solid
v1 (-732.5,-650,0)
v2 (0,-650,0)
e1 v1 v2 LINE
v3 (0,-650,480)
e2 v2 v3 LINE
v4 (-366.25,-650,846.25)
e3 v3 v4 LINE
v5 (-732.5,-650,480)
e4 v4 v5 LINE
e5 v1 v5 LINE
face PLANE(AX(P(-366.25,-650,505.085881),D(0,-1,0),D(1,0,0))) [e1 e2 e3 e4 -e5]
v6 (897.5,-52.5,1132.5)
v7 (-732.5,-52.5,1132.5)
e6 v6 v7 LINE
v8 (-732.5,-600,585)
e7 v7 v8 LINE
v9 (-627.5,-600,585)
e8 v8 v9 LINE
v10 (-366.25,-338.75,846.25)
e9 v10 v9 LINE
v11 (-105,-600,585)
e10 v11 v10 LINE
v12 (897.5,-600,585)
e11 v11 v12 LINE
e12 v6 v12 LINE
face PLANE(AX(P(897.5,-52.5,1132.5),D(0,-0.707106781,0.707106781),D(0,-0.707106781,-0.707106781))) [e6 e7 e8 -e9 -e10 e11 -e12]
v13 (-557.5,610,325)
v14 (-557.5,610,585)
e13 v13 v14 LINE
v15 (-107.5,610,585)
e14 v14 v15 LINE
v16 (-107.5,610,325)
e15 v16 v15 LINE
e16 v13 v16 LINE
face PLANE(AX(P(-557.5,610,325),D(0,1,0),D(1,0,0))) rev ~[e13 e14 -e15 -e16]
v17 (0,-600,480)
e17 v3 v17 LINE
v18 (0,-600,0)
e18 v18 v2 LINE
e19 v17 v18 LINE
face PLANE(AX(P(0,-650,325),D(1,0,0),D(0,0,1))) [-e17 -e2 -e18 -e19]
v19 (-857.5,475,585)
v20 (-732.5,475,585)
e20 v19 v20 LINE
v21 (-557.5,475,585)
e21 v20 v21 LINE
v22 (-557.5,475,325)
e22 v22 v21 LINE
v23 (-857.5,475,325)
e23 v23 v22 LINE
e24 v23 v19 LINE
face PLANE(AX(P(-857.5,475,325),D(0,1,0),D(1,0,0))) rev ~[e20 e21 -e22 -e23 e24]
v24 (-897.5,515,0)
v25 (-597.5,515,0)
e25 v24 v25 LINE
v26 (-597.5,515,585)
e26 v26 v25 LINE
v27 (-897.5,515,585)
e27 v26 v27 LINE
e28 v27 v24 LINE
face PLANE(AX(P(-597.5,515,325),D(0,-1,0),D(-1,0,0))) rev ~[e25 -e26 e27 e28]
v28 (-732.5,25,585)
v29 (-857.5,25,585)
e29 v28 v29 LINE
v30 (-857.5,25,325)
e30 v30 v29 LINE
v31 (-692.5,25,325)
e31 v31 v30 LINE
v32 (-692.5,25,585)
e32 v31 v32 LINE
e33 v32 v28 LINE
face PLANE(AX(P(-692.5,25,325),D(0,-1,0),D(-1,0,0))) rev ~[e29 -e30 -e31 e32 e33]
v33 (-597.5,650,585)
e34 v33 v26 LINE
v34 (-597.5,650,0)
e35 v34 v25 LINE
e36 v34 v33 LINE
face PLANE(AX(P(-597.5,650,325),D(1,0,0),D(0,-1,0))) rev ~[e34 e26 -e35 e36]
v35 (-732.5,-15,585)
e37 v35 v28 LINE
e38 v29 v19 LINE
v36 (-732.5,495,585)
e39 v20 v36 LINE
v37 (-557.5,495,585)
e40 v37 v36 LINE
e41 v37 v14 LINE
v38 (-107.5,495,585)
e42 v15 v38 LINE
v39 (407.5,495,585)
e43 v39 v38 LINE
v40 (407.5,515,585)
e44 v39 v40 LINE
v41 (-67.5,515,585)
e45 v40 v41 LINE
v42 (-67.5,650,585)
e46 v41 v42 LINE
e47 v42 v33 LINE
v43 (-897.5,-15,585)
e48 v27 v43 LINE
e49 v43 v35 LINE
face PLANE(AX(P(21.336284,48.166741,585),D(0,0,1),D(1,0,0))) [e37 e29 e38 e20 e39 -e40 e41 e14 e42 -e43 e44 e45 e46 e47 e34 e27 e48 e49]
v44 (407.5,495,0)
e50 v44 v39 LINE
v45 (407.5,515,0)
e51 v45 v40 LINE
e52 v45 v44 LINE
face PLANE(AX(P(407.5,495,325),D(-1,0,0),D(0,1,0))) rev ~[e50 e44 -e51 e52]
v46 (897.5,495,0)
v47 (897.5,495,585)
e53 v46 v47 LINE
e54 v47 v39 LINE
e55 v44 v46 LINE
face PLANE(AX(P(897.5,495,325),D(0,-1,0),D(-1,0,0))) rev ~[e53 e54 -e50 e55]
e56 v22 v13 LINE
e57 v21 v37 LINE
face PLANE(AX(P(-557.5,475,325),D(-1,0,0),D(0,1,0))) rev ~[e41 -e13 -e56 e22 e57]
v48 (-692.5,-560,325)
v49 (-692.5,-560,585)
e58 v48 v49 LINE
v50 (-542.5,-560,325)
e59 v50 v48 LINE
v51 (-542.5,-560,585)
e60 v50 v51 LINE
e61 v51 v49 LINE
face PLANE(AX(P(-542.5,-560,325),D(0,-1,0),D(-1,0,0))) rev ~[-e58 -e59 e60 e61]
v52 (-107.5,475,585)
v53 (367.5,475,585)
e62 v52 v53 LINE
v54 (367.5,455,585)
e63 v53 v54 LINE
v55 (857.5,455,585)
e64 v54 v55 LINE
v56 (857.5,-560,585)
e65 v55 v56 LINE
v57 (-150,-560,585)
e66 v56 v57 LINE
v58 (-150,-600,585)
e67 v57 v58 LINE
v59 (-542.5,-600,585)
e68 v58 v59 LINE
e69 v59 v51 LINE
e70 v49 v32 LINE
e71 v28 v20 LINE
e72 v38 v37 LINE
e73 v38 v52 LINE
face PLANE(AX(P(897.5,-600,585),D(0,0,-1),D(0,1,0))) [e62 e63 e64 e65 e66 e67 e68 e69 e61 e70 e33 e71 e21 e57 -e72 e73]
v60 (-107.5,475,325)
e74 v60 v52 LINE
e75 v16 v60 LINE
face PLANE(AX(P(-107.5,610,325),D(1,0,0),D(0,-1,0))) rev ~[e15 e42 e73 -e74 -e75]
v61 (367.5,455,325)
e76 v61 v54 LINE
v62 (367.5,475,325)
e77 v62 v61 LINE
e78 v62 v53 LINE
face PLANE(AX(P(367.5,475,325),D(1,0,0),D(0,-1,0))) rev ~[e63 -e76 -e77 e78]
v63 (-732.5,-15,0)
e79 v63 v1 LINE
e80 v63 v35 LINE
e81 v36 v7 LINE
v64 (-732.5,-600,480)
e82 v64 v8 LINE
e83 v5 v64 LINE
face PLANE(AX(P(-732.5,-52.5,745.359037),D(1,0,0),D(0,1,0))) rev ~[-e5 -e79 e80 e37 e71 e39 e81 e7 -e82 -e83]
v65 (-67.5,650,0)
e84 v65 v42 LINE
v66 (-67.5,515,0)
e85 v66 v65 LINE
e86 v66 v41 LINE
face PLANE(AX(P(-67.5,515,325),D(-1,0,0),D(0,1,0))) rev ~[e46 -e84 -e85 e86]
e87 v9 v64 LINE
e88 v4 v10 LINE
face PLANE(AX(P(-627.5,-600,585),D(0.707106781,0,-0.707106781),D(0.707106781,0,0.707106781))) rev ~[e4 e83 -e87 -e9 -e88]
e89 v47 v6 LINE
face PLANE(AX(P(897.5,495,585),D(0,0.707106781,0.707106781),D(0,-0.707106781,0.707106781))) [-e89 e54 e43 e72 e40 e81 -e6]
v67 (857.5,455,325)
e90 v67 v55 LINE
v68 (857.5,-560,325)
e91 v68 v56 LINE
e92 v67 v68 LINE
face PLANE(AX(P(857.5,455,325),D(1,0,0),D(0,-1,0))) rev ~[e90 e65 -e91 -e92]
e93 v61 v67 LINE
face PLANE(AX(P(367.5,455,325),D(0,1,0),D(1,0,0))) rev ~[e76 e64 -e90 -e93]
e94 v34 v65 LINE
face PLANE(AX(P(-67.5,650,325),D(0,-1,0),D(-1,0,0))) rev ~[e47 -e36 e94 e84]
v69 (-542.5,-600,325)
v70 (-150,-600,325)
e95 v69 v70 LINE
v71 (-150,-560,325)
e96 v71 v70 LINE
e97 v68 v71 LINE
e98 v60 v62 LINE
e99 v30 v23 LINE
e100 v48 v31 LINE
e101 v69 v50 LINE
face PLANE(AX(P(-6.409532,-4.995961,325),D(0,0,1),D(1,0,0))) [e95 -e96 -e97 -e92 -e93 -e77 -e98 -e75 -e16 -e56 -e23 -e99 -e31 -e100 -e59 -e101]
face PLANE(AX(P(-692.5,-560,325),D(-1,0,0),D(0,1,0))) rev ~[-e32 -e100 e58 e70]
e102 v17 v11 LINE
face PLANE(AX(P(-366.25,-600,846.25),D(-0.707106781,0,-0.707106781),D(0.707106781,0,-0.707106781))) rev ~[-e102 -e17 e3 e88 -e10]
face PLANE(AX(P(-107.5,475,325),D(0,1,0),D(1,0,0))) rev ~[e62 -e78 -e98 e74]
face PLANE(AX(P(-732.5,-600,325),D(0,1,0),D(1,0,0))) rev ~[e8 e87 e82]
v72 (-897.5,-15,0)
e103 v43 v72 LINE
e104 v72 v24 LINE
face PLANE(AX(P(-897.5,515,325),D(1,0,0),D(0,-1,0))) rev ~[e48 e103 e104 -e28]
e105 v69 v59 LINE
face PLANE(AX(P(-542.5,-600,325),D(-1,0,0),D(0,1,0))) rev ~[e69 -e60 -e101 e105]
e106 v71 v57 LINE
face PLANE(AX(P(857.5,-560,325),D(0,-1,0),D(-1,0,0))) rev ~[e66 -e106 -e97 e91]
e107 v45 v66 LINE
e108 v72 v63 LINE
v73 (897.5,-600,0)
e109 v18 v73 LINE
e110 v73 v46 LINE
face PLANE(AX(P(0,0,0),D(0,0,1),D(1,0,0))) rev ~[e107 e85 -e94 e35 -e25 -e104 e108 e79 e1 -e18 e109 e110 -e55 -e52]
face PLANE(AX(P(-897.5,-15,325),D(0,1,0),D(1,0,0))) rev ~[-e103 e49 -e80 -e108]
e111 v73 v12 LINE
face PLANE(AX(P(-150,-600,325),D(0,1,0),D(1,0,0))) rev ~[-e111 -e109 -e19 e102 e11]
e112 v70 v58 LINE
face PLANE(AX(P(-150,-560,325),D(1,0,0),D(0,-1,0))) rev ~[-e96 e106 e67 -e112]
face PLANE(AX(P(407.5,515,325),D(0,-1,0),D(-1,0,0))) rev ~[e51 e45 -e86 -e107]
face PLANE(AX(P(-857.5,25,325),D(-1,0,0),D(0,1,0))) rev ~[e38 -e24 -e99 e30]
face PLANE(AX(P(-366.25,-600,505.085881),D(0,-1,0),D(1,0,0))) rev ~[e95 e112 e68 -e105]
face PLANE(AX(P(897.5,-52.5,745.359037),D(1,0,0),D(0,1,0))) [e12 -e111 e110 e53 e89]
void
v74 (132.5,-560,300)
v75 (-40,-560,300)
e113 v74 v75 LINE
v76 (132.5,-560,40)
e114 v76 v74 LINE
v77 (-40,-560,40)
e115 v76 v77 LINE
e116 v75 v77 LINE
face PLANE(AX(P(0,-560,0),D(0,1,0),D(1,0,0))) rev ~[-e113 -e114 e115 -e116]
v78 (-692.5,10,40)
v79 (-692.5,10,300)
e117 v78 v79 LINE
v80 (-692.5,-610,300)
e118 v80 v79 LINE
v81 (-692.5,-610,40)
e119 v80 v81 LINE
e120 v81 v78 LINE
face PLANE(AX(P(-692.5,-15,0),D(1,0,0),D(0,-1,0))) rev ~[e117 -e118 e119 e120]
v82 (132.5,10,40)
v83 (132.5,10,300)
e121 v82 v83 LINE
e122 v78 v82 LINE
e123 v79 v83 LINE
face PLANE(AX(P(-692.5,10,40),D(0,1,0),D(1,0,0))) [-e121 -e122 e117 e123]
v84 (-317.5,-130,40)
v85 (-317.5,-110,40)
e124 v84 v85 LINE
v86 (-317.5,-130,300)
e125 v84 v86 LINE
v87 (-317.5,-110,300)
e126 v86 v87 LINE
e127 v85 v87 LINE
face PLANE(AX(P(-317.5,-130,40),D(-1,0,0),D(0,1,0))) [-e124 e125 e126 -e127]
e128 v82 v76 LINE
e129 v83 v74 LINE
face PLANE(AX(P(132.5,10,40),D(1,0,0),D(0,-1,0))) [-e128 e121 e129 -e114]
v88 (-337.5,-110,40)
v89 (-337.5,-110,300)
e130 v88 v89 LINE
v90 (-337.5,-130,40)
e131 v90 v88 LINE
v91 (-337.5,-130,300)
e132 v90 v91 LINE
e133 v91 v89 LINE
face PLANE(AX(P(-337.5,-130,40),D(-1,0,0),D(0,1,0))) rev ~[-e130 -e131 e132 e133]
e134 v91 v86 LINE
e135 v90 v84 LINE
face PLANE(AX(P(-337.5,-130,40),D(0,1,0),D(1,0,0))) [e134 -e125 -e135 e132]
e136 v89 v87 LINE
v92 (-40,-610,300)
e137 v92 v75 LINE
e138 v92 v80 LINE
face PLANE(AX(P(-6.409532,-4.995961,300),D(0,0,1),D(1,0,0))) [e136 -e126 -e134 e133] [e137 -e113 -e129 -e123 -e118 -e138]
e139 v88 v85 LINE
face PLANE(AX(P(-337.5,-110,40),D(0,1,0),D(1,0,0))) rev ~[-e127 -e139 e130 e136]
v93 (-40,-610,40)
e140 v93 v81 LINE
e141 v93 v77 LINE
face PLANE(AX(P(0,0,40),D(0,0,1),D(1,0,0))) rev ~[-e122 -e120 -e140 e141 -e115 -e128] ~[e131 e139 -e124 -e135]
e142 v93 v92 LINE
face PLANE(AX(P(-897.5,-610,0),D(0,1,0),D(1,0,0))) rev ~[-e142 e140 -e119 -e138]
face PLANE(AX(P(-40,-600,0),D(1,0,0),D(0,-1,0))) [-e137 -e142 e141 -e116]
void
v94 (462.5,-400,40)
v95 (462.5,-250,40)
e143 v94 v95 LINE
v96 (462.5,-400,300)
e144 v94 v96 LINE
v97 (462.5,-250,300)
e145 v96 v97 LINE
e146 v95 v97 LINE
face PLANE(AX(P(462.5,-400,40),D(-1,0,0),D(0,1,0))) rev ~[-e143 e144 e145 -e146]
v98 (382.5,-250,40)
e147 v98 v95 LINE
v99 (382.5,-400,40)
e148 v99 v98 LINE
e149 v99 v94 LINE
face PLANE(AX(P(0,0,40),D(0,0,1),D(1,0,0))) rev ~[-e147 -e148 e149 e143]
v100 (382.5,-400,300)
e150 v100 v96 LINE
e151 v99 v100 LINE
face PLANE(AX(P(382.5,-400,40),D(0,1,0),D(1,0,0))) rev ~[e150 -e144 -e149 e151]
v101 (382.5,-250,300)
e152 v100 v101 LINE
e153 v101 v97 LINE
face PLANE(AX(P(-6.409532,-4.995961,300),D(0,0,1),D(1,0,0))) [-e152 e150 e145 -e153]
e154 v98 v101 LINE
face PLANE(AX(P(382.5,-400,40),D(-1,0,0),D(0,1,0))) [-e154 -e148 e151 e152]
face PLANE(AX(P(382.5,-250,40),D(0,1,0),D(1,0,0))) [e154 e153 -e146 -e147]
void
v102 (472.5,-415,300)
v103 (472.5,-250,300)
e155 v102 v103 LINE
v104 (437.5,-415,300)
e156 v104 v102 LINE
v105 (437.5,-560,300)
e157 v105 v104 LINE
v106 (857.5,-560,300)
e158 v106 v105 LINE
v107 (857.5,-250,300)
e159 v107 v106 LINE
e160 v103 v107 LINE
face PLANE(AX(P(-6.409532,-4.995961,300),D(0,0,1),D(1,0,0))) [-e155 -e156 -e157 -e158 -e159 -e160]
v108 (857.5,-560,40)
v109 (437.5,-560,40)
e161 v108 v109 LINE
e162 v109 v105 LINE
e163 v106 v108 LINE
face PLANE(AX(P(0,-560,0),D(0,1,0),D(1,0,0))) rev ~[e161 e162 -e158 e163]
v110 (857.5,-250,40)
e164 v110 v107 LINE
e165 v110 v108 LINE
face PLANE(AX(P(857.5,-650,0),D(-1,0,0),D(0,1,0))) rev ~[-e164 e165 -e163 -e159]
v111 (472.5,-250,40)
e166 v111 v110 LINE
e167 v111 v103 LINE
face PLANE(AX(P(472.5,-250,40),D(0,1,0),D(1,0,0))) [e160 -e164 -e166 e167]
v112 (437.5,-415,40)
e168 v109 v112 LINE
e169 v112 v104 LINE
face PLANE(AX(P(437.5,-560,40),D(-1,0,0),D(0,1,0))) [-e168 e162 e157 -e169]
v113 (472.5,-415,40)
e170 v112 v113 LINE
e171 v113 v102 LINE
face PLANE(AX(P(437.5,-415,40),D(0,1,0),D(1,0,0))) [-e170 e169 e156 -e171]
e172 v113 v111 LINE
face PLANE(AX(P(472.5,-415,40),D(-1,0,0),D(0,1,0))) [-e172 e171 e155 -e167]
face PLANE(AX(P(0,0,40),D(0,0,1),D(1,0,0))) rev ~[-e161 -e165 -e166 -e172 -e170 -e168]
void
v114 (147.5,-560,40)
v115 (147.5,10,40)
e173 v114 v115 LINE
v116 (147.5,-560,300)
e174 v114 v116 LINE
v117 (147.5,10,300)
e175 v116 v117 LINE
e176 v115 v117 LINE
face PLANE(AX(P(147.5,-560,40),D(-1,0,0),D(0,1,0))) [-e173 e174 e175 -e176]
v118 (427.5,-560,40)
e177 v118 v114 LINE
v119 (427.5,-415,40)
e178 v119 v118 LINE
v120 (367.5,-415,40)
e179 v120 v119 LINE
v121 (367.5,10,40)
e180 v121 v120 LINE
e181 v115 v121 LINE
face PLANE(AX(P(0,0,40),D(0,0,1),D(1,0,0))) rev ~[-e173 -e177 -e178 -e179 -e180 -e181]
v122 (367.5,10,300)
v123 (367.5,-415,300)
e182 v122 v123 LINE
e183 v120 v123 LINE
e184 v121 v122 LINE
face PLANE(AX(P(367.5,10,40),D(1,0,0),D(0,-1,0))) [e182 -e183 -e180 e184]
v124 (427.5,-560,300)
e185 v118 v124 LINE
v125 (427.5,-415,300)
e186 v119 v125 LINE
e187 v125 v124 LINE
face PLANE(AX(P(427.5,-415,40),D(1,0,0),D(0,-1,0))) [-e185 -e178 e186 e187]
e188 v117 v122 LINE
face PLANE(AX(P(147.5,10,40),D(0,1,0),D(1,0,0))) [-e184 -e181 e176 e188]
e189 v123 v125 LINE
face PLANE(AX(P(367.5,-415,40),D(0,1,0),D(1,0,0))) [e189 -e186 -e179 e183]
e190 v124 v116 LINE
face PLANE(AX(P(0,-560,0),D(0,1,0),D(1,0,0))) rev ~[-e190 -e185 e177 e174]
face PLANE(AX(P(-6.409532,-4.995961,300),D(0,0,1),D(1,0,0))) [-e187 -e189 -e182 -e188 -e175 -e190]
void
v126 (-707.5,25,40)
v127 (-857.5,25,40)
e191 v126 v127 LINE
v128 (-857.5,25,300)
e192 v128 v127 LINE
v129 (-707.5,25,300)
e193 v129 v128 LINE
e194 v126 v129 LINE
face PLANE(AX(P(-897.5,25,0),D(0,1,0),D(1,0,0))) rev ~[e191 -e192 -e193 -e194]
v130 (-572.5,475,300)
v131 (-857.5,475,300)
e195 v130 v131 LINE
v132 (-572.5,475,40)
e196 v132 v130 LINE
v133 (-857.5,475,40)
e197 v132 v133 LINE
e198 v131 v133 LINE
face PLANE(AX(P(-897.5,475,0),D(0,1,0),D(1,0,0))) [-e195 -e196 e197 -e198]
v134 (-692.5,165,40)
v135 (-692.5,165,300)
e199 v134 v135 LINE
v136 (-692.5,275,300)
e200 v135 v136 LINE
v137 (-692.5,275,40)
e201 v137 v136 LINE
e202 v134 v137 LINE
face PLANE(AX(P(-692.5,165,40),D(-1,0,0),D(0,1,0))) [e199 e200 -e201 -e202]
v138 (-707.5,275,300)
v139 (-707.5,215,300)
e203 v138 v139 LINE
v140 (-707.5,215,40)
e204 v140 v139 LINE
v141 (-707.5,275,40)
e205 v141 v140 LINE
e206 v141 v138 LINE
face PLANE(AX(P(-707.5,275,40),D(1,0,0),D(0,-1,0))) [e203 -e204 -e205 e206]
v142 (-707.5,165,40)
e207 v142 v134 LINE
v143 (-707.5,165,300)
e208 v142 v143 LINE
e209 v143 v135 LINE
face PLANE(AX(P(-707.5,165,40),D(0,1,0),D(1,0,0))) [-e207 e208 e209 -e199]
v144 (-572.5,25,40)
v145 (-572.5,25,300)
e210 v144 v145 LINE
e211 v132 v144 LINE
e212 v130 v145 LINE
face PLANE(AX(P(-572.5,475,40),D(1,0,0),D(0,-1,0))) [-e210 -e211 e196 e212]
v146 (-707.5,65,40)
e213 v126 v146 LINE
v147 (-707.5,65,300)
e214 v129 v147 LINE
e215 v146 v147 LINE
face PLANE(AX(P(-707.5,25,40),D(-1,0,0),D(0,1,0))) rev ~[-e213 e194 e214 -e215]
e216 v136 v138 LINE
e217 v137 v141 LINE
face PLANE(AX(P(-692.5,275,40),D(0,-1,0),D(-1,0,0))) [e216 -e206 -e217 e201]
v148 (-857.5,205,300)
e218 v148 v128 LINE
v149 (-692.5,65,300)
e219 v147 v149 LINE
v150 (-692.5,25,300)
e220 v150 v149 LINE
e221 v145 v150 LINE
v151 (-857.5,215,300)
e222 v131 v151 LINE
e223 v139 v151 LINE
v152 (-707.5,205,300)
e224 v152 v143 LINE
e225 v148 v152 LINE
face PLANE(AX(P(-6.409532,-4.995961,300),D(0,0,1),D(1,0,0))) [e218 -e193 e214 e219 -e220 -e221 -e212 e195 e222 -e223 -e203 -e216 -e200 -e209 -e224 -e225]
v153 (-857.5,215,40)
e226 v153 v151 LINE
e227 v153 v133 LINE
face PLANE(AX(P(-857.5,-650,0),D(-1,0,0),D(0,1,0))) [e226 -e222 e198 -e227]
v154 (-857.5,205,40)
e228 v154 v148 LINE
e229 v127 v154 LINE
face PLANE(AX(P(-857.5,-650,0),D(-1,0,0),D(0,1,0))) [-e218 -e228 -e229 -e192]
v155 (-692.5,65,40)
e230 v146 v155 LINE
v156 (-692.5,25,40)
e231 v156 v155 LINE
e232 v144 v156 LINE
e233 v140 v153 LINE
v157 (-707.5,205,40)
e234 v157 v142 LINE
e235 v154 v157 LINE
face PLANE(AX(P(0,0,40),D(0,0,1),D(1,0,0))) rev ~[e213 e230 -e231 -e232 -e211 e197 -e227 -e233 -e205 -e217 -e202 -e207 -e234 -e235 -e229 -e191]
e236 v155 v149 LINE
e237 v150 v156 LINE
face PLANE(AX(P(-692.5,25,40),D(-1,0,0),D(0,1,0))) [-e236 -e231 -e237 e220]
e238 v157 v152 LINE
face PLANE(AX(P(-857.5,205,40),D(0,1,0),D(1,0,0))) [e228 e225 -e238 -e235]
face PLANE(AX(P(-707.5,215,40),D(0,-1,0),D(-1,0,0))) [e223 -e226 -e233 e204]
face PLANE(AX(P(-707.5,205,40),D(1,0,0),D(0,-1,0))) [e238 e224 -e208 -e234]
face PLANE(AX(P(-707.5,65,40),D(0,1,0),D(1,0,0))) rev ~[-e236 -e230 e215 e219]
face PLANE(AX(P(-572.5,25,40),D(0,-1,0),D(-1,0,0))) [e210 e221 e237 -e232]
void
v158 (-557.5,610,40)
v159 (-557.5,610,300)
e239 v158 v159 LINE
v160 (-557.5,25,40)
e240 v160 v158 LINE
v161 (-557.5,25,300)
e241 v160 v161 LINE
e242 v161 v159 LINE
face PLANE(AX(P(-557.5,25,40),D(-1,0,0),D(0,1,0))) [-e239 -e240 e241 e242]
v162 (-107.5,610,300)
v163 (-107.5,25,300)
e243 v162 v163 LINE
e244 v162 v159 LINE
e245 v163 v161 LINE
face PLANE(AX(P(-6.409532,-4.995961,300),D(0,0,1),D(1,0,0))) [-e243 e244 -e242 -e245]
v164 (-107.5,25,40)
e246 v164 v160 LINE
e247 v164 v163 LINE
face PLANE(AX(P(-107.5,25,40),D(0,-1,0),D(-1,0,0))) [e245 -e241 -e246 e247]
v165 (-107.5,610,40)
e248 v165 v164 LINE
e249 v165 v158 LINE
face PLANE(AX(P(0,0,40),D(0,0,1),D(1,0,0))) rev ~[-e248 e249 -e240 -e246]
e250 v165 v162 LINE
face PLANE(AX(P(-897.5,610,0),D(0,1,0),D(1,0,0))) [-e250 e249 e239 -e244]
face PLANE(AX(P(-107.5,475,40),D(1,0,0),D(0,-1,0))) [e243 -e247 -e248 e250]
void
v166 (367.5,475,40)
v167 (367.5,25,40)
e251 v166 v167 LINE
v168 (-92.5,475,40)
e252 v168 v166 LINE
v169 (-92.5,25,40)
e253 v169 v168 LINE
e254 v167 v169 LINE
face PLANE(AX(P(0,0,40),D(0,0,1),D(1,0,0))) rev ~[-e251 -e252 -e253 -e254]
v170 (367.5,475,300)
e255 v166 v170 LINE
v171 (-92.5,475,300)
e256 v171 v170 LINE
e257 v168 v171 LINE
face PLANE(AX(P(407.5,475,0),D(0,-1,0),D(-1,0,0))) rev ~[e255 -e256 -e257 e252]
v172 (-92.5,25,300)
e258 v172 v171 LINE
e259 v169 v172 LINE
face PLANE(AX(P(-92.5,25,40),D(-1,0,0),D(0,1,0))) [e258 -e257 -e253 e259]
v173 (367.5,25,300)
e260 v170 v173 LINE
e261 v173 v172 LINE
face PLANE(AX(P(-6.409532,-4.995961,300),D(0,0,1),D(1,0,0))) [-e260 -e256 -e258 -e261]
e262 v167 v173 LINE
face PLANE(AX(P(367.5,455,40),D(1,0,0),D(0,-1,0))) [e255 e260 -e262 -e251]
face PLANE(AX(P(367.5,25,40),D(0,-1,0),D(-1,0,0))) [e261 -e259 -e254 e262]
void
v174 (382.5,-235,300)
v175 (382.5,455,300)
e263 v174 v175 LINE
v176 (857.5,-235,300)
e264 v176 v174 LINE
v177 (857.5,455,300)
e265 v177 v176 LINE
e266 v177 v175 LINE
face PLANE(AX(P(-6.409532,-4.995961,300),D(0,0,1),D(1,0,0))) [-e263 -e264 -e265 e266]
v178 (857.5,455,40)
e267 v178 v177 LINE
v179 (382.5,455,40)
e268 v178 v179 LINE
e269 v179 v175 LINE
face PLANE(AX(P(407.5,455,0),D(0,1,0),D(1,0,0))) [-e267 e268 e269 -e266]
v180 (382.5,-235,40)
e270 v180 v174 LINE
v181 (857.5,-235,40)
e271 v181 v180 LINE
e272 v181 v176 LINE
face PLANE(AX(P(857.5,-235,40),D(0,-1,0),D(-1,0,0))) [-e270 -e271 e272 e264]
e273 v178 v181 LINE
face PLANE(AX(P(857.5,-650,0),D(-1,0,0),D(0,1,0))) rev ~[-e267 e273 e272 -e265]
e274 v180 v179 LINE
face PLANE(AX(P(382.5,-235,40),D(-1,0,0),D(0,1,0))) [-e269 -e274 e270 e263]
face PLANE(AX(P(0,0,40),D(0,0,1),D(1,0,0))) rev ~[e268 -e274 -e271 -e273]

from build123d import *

# Parameters (mm, degrees)
F0_W      = 1795
F0_H      = 1300
F1_DEPTH  = 300
F2_W      = 165
F2_H      = 635
F2_W_2    = 300
F2_H_2    = 135
F2_W_3    = 897.5
F2_H_3    = 50
F2_W_4    = 490
F2_H_4    = 20
F3_DEPTH  = 300
F4_T      = -40
F5_W      = 80
F5_H      = 150
F5_W_2    = 15
F5_H_2    = 40
F5_W_3    = 20
F5_H_3    = 20
F6_DEPTH  = 260
F8_DEPTH  = 25
F10_DEPTH = 50
F12_DEPTH = 260
F14_DEPTH = 400
F16_DEPTH = 1630


with BuildPart() as f1:
    # F0 (on Top) → F1 (new body)
    with BuildSketch(Plane.XY):
        Rectangle(F0_W, F0_H)
    extrude(amount=F1_DEPTH)

    # F2 (on face) → F3 (cut)
    with BuildSketch(Plane(origin=(0, 0, 0), x_dir=(1, 0, 0), z_dir=(0, 0, -1))):
        with Locations((-815, 332.5)):
            Rectangle(F2_W, F2_H)
        with Locations((-747.5, -582.5)):
            Rectangle(F2_W_2, F2_H_2)
        with Locations((448.75, 625)):
            Rectangle(F2_W_3, F2_H_3)
        Polygon((-67.5, -650), (897.5, -650), (897.5, -515), (407.5, -515), (-67.5, -515), align=None)
        with Locations((652.5, -505)):
            Rectangle(F2_W_4, F2_H_4)
    extrude(amount=-F3_DEPTH, mode=Mode.SUBTRACT)

    # F4
    f4_openings = [f1.faces().sort_by_distance(p)[0] for p in [
        (17.505881, -20.736482, 300),
    ]]
    offset(amount=F4_T, openings=f4_openings, kind=Kind.INTERSECTION)

    # F5 (on face) → F6 (join)
    with BuildSketch(Plane.XY.offset(40)):
        Polygon((132.5, 10), (132.5, -560), (147.5, -560), (147.5, 10), (367.5, 10), (367.5, -415), (427.5, -415), (427.5, -560), (437.5, -560), (437.5, -415), (472.5, -415), (472.5, -250), (857.5, -250), (857.5, -235), (382.5, -235), (382.5, 455), (367.5, 455), (367.5, 25), (-92.5, 25), (-92.5, 475), (-107.5, 475), (-107.5, 25), (-557.5, 25), (-557.5, 475), (-572.5, 475), (-572.5, 25), (-692.5, 25), (-692.5, 10), align=None)
        with Locations((422.5, -325)):
            Rectangle(F5_W, F5_H, mode=Mode.SUBTRACT)
        with Locations((-700, 45)):
            Rectangle(F5_W_2, F5_H_2)
        Polygon((-857.5, 215), (-857.5, 205), (-707.5, 205), (-707.5, 165), (-692.5, 165), (-692.5, 205), (-692.5, 215), (-692.5, 275), (-707.5, 275), (-707.5, 215), align=None)
        with Locations((-327.5, -120)):
            Rectangle(F5_W_3, F5_H_3)
    extrude(amount=F6_DEPTH)

    # F7 (on face) → F8 (join)
    with BuildSketch(Plane.XY.offset(300)):
        Polygon((-897.5, -15), (-732.5, -15), (-732.5, -650), (0, -650), (0, -600), (897.5, -600), (897.5, 495), (407.5, 495), (407.5, 515), (-67.5, 515), (-67.5, 650), (-597.5, 650), (-597.5, 515), (-897.5, 515), align=None)
    extrude(amount=F8_DEPTH)

    # F9 (on face) → F10 (join)
    with BuildSketch(Plane.XZ.offset(650)):
        Polygon((-732.5, 480), (-732.5, 325), (0, 325), (0, 480), (-366.25, 846.25), align=None)
    extrude(amount=-F10_DEPTH)

    # F11 (on face) → F12 (join)
    with BuildSketch(Plane.XY.offset(325)):
        Polygon((-897.5, -15), (-732.5, -15), (-732.5, -600), (-692.5, -600), (-542.5, -600), (-542.5, -560), (-692.5, -560), (-692.5, 25), (-857.5, 25), (-857.5, 475), (-557.5, 475), (-557.5, 610), (-107.5, 610), (-107.5, 475), (367.5, 475), (367.5, 455), (857.5, 455), (857.5, -560), (-150, -560), (-150, -600), (0, -600), (897.5, -600), (897.5, 495), (407.5, 495), (407.5, 515), (-67.5, 515), (-67.5, 650), (-597.5, 650), (-597.5, 515), (-897.5, 515), align=None)
    extrude(amount=F12_DEPTH)

    # F13 (on face) → F14 (join)
    with BuildSketch(Plane(origin=(0, -600, 0), x_dir=(-1, 0, 0), z_dir=(0, 1, 0))):
        Polygon((627.5, 585), (366.25, 846.25), (105, 585), align=None)
    extrude(amount=F14_DEPTH)

    # F15 (on face) → F16 (join)
    with BuildSketch(Plane.YZ.offset(897.5)):
        Polygon((-52.5, 1132.5), (-600, 585), (495, 585), align=None)
    extrude(amount=-F16_DEPTH)


solid = f1.part
